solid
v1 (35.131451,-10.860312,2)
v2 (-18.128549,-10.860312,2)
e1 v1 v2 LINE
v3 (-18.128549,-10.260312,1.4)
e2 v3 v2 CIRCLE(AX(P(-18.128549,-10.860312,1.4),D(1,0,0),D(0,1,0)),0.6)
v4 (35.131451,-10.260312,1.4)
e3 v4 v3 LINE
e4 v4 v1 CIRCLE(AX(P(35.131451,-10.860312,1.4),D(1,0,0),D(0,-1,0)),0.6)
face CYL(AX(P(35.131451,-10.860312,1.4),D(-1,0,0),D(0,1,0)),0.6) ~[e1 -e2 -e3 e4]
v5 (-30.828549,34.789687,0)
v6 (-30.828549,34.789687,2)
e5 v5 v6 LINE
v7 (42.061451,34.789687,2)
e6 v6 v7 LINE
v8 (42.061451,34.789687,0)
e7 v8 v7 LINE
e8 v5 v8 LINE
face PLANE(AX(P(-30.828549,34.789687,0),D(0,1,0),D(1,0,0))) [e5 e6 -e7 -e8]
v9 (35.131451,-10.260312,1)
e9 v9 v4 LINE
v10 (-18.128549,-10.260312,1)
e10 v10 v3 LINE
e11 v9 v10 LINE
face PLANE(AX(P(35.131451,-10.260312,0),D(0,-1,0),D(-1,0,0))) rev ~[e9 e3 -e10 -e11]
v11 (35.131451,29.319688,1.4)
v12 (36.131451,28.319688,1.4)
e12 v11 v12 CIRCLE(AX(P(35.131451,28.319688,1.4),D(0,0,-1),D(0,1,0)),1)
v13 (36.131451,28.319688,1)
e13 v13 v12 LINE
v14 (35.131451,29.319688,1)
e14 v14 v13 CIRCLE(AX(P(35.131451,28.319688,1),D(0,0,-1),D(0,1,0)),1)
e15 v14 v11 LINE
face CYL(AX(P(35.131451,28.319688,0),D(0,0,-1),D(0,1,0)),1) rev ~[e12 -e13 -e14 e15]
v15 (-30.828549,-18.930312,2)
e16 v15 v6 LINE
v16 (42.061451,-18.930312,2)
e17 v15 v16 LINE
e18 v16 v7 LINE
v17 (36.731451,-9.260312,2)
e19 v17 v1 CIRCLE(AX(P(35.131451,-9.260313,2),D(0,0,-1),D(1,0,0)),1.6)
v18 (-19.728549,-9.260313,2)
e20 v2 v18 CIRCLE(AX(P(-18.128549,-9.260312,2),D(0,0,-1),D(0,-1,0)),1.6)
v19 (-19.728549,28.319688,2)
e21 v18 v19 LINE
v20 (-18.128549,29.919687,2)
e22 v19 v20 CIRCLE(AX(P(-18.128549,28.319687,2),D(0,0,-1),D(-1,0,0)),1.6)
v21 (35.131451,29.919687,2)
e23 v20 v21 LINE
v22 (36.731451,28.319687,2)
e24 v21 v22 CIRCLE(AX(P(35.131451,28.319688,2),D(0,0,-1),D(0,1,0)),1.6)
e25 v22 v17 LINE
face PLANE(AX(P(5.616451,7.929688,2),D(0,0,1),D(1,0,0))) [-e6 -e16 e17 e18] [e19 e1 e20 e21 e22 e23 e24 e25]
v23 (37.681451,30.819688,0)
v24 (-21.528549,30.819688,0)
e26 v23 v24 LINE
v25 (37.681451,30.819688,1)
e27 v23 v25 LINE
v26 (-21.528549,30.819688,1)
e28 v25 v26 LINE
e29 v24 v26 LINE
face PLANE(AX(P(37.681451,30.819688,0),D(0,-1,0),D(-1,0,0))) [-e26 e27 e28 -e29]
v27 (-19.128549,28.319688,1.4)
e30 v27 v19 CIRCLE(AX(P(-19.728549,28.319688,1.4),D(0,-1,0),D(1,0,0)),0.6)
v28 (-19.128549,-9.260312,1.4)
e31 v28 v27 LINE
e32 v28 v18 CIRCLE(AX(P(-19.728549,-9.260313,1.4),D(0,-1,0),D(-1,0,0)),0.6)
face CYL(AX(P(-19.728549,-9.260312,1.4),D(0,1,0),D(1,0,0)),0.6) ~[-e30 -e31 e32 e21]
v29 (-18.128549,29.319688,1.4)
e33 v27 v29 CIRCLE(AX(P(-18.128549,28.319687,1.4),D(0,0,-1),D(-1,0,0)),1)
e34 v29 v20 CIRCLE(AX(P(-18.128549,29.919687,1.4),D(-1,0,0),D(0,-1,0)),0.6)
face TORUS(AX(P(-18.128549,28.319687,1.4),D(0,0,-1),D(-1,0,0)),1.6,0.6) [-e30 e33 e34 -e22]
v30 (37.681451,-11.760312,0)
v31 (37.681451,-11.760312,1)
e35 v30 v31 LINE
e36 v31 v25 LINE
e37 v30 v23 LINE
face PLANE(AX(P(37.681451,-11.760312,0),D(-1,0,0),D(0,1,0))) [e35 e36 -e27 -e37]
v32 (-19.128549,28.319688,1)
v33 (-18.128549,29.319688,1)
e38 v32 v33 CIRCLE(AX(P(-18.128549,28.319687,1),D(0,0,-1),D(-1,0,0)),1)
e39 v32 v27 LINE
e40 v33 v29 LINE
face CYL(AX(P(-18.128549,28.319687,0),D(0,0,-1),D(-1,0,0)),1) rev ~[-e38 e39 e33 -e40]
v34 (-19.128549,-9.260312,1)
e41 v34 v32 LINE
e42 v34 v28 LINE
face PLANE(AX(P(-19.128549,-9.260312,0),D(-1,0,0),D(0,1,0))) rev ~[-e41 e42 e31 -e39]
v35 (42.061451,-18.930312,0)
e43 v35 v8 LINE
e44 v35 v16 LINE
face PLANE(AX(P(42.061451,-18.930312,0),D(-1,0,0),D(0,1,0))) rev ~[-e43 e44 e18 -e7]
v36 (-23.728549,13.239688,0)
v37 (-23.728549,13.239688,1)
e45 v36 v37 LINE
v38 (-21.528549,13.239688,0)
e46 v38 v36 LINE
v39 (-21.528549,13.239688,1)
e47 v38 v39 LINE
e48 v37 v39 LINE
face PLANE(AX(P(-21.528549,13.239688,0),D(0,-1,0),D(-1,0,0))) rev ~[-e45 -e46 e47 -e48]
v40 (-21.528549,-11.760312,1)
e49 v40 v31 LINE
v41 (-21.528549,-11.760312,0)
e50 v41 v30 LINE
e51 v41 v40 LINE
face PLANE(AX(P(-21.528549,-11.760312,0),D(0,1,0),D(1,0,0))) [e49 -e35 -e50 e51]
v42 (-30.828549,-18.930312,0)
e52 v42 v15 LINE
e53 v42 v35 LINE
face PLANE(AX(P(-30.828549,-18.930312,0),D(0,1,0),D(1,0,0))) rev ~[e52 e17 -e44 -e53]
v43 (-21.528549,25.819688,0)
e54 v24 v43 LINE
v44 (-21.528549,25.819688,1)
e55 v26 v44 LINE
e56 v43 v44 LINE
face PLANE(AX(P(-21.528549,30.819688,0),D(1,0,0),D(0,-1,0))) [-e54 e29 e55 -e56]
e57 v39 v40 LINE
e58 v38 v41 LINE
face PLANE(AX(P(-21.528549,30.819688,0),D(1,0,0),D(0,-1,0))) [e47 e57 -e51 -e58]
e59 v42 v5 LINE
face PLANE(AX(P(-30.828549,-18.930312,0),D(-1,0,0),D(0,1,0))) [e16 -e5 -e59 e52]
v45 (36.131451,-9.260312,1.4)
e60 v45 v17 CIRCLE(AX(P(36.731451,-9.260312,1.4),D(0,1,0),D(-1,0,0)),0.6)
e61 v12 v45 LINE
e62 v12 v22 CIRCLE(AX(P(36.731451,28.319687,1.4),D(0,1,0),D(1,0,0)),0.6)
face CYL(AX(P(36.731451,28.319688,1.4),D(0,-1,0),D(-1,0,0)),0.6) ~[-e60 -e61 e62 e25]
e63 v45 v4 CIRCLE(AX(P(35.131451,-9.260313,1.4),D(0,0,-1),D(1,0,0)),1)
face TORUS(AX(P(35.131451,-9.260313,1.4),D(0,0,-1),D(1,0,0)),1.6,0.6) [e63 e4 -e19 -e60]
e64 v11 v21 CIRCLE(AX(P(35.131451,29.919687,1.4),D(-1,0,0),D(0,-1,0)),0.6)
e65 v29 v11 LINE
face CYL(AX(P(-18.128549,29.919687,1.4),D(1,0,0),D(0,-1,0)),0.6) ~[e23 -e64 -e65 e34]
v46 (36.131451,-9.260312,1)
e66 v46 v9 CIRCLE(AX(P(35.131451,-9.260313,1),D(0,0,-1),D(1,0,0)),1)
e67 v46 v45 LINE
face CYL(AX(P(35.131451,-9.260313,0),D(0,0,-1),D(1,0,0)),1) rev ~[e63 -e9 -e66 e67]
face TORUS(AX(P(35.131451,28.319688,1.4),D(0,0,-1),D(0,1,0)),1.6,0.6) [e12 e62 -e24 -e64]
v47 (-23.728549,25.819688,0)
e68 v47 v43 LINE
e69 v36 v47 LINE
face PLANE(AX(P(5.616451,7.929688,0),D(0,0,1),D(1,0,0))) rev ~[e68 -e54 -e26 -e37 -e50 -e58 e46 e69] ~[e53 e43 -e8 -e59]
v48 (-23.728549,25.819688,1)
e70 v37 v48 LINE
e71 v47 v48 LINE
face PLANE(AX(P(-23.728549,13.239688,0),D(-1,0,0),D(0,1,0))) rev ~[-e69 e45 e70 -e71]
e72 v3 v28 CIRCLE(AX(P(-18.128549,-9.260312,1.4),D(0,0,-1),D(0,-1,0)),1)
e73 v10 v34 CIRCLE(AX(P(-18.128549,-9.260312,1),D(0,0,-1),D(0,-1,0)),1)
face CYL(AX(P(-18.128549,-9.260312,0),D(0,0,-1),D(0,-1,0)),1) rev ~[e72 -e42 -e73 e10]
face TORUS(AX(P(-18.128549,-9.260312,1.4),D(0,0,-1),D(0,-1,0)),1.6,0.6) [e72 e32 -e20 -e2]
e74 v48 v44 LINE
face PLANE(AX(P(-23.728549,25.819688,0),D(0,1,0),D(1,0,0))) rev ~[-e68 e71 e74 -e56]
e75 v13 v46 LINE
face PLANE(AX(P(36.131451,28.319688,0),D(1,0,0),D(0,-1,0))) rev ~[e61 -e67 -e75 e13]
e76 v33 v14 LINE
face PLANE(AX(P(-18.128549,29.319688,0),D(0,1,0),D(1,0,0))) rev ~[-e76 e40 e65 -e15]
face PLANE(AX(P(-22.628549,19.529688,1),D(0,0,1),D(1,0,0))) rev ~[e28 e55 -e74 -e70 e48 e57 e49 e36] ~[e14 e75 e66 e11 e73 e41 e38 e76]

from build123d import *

# Parameters (mm, degrees)
F0_W     = 72.89
F0_H     = 53.72
F1_DEPTH = 2
F2_DEPTH = 1
F3_START = 1
F0_W_2   = 2.2
F0_H_2   = 12.58
F3_DEPTH = 1
F4_R     = 0.6


with BuildPart() as f1:
    # F0 (on Top) → F1 (new body)
    with BuildSketch(Plane.XY):
        with Locations((5.6164505921, 7.9296875)):
            Rectangle(F0_W, F0_H)
        Polygon((-21.5285494079, 30.8196875), (37.6814505921, 30.8196875), (37.6814505921, -11.7603125), (-21.5285494079, -11.7603125), (-21.5285494079, 13.2396875), (-23.7285494079, 13.2396875), (-23.7285494079, 25.8196875), (-21.5285494079, 25.8196875), align=None, mode=Mode.SUBTRACT)
        Polygon((37.6814505921, -11.7603125), (37.6814505921, 30.8196875), (-21.5285494079, 30.8196875), (-21.5285494079, 25.8196875), (-21.5285494079, 13.2396875), (-21.5285494079, -11.7603125), align=None)
        with BuildLine():
            ThreePointArc((-19.1285494079, 28.3196875), (-18.835656189, 29.0267942812), (-18.1285494079, 29.3196875))
            Line((-18.1285494079, 29.3196875), (35.1314505921, 29.3196875))
            ThreePointArc((35.1314505921, 29.3196875), (35.8385573733, 29.0267942812), (36.1314505921, 28.3196875))
            Line((36.1314505921, 28.3196875), (36.1314505921, -9.2603125))
            ThreePointArc((36.1314505921, -9.2603125), (35.8385573733, -9.9674192812), (35.1314505921, -10.2603125))
            Line((35.1314505921, -10.2603125), (-18.1285494079, -10.2603125))
            ThreePointArc((-18.1285494079, -10.2603125), (-18.835656189, -9.9674192812), (-19.1285494079, -9.2603125))
            Line((-19.1285494079, -9.2603125), (-19.1285494079, 28.3196875))
        make_face(mode=Mode.SUBTRACT)
    extrude(amount=F1_DEPTH)

    # F0 (on Top) → F2 (cut)
    with BuildSketch(Plane.XY):
        Polygon((37.6814505921, -11.7603125), (37.6814505921, 30.8196875), (-21.5285494079, 30.8196875), (-21.5285494079, 25.8196875), (-21.5285494079, 13.2396875), (-21.5285494079, -11.7603125), align=None)
        with BuildLine():
            ThreePointArc((-19.1285494079, 28.3196875), (-18.835656189, 29.0267942812), (-18.1285494079, 29.3196875))
            Line((-18.1285494079, 29.3196875), (35.1314505921, 29.3196875))
            ThreePointArc((35.1314505921, 29.3196875), (35.8385573733, 29.0267942812), (36.1314505921, 28.3196875))
            Line((36.1314505921, 28.3196875), (36.1314505921, -9.2603125))
            ThreePointArc((36.1314505921, -9.2603125), (35.8385573733, -9.9674192812), (35.1314505921, -10.2603125))
            Line((35.1314505921, -10.2603125), (-18.1285494079, -10.2603125))
            ThreePointArc((-18.1285494079, -10.2603125), (-18.835656189, -9.9674192812), (-19.1285494079, -9.2603125))
            Line((-19.1285494079, -9.2603125), (-19.1285494079, 28.3196875))
        make_face(mode=Mode.SUBTRACT)
    extrude(amount=F2_DEPTH, mode=Mode.SUBTRACT)

    # F0 (on Top) → F3 (join)
    with BuildSketch(Plane.XY.offset(F3_START)):
        with Locations((-22.6285494079, 19.5296875)):
            Rectangle(F0_W_2, F0_H_2)
    extrude(amount=F3_DEPTH)

    # F4
    f4_edges = [f1.edges().sort_by_distance(p)[0] for p in [
        (8.501451, 29.319688, 2),
        (-19.128549, 9.529688, 2),
        (8.501451, -10.260312, 2),
        (36.131451, 9.529688, 2),
    ]]
    fillet(f4_edges, radius=F4_R)


solid = f1.part
